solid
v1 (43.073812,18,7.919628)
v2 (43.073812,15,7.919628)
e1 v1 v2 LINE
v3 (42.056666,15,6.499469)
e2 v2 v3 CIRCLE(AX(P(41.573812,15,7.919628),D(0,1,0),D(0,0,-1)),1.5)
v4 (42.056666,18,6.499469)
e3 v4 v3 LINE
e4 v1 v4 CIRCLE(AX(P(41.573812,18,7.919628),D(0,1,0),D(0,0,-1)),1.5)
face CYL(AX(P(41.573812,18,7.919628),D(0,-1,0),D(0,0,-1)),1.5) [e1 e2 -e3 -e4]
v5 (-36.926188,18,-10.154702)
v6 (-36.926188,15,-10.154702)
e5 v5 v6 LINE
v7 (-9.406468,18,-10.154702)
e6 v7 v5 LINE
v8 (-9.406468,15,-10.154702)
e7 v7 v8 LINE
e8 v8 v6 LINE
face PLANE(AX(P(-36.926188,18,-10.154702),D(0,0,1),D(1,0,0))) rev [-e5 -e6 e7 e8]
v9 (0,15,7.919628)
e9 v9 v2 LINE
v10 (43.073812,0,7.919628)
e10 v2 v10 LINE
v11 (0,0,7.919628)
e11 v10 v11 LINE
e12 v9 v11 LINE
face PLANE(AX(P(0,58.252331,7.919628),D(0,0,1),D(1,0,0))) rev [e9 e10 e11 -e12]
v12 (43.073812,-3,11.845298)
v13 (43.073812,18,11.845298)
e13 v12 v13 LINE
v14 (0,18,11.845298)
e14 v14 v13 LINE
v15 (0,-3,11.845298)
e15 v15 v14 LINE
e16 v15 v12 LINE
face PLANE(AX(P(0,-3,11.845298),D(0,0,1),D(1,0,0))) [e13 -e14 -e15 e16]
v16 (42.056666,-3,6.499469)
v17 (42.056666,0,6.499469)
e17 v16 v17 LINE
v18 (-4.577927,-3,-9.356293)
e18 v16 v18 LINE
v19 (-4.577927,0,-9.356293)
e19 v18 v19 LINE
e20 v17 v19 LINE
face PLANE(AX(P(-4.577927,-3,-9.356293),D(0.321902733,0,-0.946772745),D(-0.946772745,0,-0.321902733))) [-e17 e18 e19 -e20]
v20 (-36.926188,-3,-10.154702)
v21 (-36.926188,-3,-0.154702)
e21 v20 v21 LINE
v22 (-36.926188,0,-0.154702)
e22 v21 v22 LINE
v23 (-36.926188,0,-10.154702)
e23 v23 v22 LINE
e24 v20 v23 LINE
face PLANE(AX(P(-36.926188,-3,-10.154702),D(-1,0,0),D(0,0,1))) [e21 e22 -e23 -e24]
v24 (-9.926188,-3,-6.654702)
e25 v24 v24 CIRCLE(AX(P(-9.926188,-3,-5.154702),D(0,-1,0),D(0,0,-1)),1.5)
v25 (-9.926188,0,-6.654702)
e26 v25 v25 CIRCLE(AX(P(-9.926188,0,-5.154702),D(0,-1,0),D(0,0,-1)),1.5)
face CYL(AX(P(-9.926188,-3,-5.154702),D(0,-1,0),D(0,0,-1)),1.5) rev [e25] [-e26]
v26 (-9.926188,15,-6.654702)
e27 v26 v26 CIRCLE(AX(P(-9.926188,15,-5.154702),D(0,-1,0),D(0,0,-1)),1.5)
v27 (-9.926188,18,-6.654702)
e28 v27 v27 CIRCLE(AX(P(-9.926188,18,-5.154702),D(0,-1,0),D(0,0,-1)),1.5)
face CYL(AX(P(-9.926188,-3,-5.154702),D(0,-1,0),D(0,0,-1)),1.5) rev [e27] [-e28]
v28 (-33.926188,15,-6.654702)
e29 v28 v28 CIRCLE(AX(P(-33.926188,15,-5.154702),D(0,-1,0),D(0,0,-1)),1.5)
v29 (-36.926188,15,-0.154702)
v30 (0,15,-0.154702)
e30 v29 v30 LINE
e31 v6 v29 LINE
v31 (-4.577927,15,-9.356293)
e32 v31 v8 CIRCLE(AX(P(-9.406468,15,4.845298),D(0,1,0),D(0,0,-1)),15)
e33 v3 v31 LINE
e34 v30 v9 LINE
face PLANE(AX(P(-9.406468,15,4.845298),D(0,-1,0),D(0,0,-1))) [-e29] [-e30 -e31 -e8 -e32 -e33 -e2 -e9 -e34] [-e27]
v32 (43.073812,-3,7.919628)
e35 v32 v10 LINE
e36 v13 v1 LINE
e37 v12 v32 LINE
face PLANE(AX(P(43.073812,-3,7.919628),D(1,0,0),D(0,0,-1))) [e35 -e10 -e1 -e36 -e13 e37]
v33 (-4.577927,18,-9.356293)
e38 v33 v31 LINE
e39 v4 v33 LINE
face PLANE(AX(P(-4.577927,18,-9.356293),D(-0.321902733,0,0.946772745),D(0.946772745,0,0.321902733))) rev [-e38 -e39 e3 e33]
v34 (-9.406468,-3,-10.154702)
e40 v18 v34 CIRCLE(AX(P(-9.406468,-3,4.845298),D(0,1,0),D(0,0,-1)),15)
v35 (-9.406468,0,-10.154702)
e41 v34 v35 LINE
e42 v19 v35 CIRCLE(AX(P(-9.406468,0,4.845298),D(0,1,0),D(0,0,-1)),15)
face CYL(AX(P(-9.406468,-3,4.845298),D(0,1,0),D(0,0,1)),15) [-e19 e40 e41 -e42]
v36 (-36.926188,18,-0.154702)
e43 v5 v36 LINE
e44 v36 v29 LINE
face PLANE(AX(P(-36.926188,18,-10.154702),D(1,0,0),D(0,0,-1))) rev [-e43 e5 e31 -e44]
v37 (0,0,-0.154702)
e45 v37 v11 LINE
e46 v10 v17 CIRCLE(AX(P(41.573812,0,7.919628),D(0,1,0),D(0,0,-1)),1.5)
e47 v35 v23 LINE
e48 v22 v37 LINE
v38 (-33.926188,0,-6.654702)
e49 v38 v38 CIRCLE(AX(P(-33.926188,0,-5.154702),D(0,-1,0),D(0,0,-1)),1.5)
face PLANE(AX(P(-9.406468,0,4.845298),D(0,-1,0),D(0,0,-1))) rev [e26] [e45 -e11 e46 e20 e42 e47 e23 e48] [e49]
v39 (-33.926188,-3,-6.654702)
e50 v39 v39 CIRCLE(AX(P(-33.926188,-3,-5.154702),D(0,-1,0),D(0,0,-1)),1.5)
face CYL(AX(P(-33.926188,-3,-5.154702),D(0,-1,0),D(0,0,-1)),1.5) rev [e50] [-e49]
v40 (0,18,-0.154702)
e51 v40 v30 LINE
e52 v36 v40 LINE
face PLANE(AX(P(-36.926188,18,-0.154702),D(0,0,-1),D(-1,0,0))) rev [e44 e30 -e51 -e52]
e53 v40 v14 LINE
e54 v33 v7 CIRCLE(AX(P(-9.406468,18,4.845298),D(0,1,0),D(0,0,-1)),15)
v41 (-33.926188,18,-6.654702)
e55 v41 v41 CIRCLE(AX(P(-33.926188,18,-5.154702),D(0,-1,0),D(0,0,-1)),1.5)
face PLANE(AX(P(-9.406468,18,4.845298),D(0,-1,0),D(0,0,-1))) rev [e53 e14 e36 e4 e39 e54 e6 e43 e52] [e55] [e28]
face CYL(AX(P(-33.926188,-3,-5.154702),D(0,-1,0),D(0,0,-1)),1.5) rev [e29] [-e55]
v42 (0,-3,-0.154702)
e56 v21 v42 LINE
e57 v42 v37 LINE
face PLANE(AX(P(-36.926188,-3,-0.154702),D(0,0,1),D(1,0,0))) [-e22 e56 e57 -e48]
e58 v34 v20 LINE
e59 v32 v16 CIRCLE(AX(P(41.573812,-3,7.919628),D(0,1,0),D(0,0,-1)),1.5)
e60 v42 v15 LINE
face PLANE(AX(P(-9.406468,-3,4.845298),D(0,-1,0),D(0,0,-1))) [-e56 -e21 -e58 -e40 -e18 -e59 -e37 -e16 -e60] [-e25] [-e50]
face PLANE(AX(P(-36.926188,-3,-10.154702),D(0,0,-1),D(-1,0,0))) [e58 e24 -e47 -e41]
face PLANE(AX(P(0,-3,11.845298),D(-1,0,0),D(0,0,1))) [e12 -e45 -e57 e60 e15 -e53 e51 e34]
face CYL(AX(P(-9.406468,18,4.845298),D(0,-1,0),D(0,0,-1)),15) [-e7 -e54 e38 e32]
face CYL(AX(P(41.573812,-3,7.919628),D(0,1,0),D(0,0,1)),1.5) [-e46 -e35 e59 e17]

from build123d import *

# Parameters (mm, degrees)
BOSS_EXTRUDE1_DEPTH                      = 3
BOSS_EXTRUDE2_START                      = 15
BOSS_EXTRUDE2_DEPTH                      = 3
SKETCH3_W                                = 1.5
SKETCH3_H                                = 21
F_3_0MM_CLEARANCE_DOWEL_HOLE1_AT_2_COUNT = 2
F_3_0MM_CLEARANCE_DOWEL_HOLE1_AT_2_PITCH = 24
SKETCH5_W                                = 43.073811931
SKETCH5_H                                = 3.925670489
BOSS_EXTRUDE3_DEPTH                      = 15


with BuildPart() as part:
    # Sketch1 → Boss-Extrude1 (new body)
    with BuildSketch(Plane(origin=(0, 0, 0), x_dir=(1, 0, 0), z_dir=(0, 1, 0))):
        with BuildLine():
            Line((-4.577926811, 9.356292891), (42.056666031, -6.499468675))
            ThreePointArc((42.056666031, -6.499468675), (42.793295664, -7.04620955), (43.073811931, -7.919627792))
            Line((43.073811931, -7.919627792), (43.073811931, -11.845298281))
            Line((43.073811931, -11.845298281), (0, -11.845298281))
            Line((0, -11.845298281), (0, 0.154701719))
            Line((0, 0.154701719), (-36.926188069, 0.154701719))
            Line((-36.926188069, 0.154701719), (-36.926188069, 10.154701719))
            Line((-36.926188069, 10.154701719), (-9.406467809, 10.154701719))
            ThreePointArc((-9.406467809, 10.154701719), (-6.959415254, 9.953753506), (-4.577926811, 9.356292891))
        make_face()
    extrude(amount=-BOSS_EXTRUDE1_DEPTH)


with BuildPart() as body_2:
    # Sketch1<2> → Boss-Extrude2 (new body)
    with BuildSketch(Plane(origin=(0, 0, 0), x_dir=(1, 0, 0), z_dir=(0, 1, 0)).offset(BOSS_EXTRUDE2_START)):
        with BuildLine():
            Line((-4.577926811, 9.356292891), (42.056666031, -6.499468675))
            ThreePointArc((42.056666031, -6.499468675), (42.793295664, -7.04620955), (43.073811931, -7.919627792))
            Line((43.073811931, -7.919627792), (43.073811931, -11.845298281))
            Line((43.073811931, -11.845298281), (0, -11.845298281))
            Line((0, -11.845298281), (0, 0.154701719))
            Line((0, 0.154701719), (-36.926188069, 0.154701719))
            Line((-36.926188069, 0.154701719), (-36.926188069, 10.154701719))
            Line((-36.926188069, 10.154701719), (-9.406467809, 10.154701719))
            ThreePointArc((-9.406467809, 10.154701719), (-6.959415254, 9.953753506), (-4.577926811, 9.356292891))
        make_face()
    extrude(amount=BOSS_EXTRUDE2_DEPTH)


with BuildPart() as f_3_0mm_clearance_dowel_hole1_tool:
    # Sketch3 → Ø3.0mm Clearance Dowel Hole1 (revolve)
    with BuildSketch(Plane(origin=(-33.926188069, -3, -5.154701719), x_dir=(0, 0, -1), z_dir=(1, 0, 0))):
        with Locations((0.75, 10.5)):
            Rectangle(SKETCH3_W, SKETCH3_H)
    f_3_0mm_clearance_dowel_hole1 = revolve(axis=Axis((-33.926188069, -9.35, -5.154701719), (0, 1, 0)))


with BuildPart() as part_1:
    add(part.part)

    # Ø3.0mm Clearance Dowel Hole1: cut by f_3_0mm_clearance_dowel_hole1_tool
    add(f_3_0mm_clearance_dowel_hole1_tool.part, mode=Mode.SUBTRACT)


with BuildPart() as body_2_1:
    add(body_2.part)

    # Ø3.0mm Clearance Dowel Hole1: cut by f_3_0mm_clearance_dowel_hole1_tool
    add(f_3_0mm_clearance_dowel_hole1_tool.part, mode=Mode.SUBTRACT)


with BuildPart() as f_3_0mm_clearance_dowel_hole1_at_2_tool:
    # Ø3.0mm Clearance Dowel Hole1 at 2: Ø3.0mm Clearance Dowel Hole1 ×2
    with Locations(*[(i * F_3_0MM_CLEARANCE_DOWEL_HOLE1_AT_2_PITCH, 0, 0) for i in range(1, F_3_0MM_CLEARANCE_DOWEL_HOLE1_AT_2_COUNT)]):
        add(f_3_0mm_clearance_dowel_hole1)


with BuildPart() as part_2:
    add(part_1.part)

    # Ø3.0mm Clearance Dowel Hole1 at 2: cut by f_3_0mm_clearance_dowel_hole1_at_2_tool
    add(f_3_0mm_clearance_dowel_hole1_at_2_tool.part, mode=Mode.SUBTRACT)



with BuildPart() as body_2_2:
    add(body_2_1.part)

    # Ø3.0mm Clearance Dowel Hole1 at 2: cut by f_3_0mm_clearance_dowel_hole1_at_2_tool
    add(f_3_0mm_clearance_dowel_hole1_at_2_tool.part, mode=Mode.SUBTRACT)


with BuildPart() as part_3:
    add(part_2.part)

    add(body_2_2.part)  # Boss-Extrude3 merges body 2
    # Sketch5 → Boss-Extrude3 (add)
    with BuildSketch(Plane(origin=(0, 0, 0), x_dir=(1, 0, 0), z_dir=(0, 1, 0))):
        with Locations((21.536905966, -9.882463037)):
            Rectangle(SKETCH5_W, SKETCH5_H)
    extrude(amount=BOSS_EXTRUDE3_DEPTH)


solid = part_3.part
